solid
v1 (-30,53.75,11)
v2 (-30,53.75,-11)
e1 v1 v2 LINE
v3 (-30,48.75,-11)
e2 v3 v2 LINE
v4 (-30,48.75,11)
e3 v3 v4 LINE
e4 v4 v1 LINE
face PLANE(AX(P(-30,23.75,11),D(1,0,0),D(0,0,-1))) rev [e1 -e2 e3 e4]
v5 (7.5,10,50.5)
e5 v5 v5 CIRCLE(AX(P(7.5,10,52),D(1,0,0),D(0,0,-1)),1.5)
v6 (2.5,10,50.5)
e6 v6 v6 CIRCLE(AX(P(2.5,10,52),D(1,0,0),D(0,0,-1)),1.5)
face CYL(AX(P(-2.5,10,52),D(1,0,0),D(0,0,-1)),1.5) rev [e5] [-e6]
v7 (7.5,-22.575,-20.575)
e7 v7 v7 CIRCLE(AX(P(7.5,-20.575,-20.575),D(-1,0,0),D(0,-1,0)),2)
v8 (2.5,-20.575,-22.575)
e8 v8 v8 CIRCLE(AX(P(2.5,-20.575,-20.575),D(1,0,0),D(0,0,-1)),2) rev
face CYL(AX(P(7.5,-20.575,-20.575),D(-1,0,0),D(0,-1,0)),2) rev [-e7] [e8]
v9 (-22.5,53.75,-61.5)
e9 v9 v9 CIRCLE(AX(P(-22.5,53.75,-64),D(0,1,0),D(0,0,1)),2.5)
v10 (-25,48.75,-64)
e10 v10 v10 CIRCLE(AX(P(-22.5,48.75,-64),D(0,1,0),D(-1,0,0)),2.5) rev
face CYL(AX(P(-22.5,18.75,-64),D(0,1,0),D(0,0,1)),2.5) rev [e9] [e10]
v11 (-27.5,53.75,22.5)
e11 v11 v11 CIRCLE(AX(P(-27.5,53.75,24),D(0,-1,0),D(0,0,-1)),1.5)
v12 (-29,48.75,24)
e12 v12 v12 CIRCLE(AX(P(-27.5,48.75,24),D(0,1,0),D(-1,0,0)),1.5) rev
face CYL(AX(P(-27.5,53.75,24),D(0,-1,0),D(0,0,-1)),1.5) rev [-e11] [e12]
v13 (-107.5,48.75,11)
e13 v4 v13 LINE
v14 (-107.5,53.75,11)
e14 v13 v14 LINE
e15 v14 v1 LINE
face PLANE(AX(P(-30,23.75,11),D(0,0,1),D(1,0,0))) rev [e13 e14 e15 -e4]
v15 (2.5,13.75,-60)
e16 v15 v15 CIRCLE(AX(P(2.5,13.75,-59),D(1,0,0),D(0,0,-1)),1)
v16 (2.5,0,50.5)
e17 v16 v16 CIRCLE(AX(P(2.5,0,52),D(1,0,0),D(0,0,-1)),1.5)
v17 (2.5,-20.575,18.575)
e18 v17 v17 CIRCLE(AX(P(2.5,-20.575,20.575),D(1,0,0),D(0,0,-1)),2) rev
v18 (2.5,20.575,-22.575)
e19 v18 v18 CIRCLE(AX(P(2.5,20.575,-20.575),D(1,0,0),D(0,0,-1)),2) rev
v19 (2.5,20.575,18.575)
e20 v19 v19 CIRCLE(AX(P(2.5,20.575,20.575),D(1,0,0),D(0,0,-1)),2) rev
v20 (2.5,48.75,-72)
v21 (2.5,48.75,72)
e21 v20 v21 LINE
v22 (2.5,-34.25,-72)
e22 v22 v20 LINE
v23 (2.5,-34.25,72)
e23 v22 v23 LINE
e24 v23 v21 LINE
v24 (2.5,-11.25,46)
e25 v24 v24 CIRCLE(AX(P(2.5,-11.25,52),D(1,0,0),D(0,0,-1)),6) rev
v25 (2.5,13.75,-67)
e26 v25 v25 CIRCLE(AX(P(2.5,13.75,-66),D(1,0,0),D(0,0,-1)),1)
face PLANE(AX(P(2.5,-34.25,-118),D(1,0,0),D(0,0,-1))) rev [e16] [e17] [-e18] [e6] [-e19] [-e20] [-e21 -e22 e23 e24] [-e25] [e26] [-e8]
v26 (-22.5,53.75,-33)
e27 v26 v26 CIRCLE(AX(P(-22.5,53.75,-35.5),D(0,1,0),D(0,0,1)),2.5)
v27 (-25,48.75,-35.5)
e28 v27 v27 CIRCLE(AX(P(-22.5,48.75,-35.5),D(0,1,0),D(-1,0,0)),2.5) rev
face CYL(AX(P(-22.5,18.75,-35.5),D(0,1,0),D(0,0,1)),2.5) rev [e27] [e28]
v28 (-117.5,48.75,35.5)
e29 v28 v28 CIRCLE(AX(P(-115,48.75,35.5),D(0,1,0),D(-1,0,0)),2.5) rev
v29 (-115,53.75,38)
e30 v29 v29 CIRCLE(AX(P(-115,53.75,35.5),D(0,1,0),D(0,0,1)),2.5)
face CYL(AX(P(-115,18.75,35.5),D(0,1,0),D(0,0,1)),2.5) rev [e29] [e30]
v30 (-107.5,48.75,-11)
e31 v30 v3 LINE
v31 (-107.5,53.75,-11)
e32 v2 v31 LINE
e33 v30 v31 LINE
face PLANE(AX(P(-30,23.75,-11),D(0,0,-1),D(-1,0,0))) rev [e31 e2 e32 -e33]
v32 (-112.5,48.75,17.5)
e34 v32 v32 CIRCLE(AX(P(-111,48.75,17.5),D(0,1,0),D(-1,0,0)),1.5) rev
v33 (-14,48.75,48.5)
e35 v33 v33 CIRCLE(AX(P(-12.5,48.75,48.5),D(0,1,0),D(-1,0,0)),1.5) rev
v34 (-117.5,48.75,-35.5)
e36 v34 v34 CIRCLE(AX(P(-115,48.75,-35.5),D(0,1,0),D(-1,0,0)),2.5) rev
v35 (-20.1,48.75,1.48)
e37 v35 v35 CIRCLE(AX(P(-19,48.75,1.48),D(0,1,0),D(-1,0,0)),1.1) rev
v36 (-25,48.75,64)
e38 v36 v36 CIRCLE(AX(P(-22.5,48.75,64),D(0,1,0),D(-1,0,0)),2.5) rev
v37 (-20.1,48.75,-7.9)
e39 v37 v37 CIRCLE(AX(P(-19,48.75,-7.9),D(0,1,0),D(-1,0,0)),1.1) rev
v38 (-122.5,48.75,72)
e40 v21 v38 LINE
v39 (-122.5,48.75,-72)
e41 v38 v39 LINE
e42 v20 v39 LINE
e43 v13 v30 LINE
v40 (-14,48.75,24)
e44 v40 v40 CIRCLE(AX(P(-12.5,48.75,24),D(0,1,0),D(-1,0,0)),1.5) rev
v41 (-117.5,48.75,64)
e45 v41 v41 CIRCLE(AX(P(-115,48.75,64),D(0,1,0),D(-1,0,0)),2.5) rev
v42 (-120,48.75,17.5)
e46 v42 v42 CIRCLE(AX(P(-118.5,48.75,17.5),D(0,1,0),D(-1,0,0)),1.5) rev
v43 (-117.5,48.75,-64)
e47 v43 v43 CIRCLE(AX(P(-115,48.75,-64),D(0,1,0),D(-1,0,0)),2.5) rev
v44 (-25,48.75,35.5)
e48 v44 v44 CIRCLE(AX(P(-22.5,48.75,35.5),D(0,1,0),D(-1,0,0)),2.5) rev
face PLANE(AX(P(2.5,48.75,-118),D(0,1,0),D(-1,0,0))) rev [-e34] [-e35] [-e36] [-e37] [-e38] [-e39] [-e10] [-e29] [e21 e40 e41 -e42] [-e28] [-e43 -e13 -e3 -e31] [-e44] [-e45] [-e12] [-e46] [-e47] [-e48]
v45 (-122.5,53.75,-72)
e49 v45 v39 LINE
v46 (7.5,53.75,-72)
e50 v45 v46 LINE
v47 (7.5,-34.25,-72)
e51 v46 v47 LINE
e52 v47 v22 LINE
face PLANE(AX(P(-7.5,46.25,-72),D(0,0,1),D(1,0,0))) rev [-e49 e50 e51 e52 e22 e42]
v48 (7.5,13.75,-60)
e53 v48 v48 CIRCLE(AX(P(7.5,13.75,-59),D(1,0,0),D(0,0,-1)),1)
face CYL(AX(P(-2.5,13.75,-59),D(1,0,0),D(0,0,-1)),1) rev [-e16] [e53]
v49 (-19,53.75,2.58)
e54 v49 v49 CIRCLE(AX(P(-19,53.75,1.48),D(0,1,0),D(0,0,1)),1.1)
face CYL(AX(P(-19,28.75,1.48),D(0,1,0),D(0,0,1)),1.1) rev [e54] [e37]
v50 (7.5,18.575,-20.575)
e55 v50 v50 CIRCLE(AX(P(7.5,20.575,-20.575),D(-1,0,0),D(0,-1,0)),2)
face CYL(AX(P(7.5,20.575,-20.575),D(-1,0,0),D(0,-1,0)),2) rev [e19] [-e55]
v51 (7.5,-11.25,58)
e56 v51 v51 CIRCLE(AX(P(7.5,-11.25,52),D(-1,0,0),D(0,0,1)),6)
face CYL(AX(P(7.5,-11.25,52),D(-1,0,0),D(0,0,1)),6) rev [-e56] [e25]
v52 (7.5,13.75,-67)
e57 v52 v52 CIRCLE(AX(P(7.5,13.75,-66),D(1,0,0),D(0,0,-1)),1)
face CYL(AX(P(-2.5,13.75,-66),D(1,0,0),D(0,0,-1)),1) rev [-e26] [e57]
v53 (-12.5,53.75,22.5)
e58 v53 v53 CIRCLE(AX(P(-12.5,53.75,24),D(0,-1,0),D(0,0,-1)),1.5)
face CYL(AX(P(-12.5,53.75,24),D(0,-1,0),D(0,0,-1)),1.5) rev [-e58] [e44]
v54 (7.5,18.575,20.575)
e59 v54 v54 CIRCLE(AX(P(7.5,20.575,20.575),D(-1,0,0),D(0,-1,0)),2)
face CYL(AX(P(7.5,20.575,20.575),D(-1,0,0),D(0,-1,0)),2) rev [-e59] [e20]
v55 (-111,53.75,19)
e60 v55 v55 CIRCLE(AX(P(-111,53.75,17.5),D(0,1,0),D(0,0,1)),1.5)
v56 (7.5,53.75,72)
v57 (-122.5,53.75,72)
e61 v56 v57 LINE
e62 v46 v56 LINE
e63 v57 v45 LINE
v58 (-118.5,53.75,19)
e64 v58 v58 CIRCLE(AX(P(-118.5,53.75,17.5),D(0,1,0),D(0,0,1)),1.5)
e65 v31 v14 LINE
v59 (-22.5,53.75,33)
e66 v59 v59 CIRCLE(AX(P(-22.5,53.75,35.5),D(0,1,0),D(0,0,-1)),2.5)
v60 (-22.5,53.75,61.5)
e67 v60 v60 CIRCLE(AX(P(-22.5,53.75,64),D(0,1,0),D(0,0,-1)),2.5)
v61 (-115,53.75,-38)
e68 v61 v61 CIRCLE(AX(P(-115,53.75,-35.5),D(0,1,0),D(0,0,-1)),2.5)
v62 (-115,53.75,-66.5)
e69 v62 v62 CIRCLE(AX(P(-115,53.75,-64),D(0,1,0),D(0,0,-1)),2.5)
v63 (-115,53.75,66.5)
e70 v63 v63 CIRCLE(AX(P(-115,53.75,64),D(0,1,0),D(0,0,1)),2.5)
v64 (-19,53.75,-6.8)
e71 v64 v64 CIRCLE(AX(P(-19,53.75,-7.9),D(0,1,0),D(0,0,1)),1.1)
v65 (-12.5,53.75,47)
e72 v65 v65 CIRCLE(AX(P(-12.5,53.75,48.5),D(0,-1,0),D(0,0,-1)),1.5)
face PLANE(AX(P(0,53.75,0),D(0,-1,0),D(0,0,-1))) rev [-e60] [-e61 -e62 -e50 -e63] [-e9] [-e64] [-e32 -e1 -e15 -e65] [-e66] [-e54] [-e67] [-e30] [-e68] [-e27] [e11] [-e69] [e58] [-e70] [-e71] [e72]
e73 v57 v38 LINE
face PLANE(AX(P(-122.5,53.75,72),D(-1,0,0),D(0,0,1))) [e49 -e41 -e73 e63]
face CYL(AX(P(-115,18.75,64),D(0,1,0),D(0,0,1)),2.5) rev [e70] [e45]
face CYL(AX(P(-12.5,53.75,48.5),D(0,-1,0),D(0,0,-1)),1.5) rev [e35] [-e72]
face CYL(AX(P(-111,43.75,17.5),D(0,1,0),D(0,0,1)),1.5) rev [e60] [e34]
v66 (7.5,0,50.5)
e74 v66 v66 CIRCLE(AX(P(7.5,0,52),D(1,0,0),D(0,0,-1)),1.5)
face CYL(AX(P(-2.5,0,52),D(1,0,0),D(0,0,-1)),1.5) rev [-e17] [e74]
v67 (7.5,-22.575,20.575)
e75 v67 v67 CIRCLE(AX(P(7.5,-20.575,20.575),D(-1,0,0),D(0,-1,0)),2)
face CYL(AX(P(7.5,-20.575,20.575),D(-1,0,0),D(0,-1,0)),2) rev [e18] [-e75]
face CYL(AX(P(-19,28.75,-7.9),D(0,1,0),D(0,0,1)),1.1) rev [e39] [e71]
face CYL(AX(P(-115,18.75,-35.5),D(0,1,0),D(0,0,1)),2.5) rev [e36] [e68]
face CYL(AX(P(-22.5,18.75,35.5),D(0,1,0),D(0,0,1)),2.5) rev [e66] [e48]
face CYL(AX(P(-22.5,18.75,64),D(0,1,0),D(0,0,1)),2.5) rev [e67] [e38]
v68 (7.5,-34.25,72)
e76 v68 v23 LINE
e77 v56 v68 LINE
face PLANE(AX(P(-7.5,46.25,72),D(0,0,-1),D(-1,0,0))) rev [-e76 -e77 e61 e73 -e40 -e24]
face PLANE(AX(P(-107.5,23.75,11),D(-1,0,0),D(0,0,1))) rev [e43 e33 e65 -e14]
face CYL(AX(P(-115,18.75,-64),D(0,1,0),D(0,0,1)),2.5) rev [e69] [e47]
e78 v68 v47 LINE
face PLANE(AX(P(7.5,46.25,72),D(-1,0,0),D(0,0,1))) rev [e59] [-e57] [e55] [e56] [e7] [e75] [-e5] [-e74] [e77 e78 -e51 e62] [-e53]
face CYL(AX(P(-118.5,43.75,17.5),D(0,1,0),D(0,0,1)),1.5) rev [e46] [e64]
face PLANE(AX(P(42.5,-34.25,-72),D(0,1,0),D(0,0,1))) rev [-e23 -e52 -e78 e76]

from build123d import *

# Parameters (mm, degrees)
CROQUIS1_W              = 15
CROQUIS1_H              = 144
SALIENTE_EXTRUIR1_DEPTH = 46.25
SALIENTE_EXTRUIR2_DEPTH = 7.5
CROQUIS4_W              = 77.5
CROQUIS4_H              = 22
CORTAR_EXTRUIR2_DEPTH   = 30
CROQUIS3_R              = 6
CORTAR_EXTRUIR1_DEPTH   = 15
CROQUIS5_R              = 2.5
CORTAR_EXTRUIR4_DEPTH   = 35
CROQUIS7_R              = 1.1
CORTAR_EXTRUIR6_DEPTH   = 25
CROQUIS8_W              = 144
CROQUIS8_H              = 12
CORTAR_EXTRUIR7_DEPTH   = 50
CORTAR_EXTRUIR8_DEPTH   = 190
CROQUIS10_R             = 2
CORTAR_EXTRUIR9_DEPTH   = 10
CROQUIS12_R             = 1.5
CORTAR_EXTRUIR11_DEPTH  = 10
CROQUIS13_R             = 1.5
CORTAR_EXTRUIR12_DEPTH  = 10
CORTAR_EXTRUIR13_DEPTH  = 190
CROQUIS15_R             = 1.5
CORTAR_EXTRUIR14_DEPTH  = 10
CROQUIS16_R             = 1
CORTAR_EXTRUIR15_DEPTH  = 10


with BuildPart() as part:
    # Croquis1 → Saliente-Extruir1 (new, symmetric)
    with BuildSketch(Plane(origin=(0, 0, 0), x_dir=(1, 0, 0), z_dir=(0, 1, 0))):
        Rectangle(CROQUIS1_W, CROQUIS1_H)
    extrude(amount=SALIENTE_EXTRUIR1_DEPTH, both=True)

    # Croquis2 → Saliente-Extruir2 (add, symmetric)
    with BuildSketch(Plane.XZ.offset(-46.25)):
        Polygon((-122.5, 72), (-22.5, 72), (7.5, 72), (7.5, -72), (-22.5, -72), (-122.5, -72), align=None)
    extrude(amount=SALIENTE_EXTRUIR2_DEPTH, both=True)

    # Croquis4 → Cortar-Extruir2 (cut)
    with BuildSketch(Plane(origin=(0, 53.75, 0), x_dir=(1, 0, 0), z_dir=(0, 1, 0))):
        with Locations((-68.75, 0)):
            Rectangle(CROQUIS4_W, CROQUIS4_H)
    extrude(amount=-CORTAR_EXTRUIR2_DEPTH, mode=Mode.SUBTRACT)

    # Croquis3 → Cortar-Extruir1 (cut)
    with BuildSketch(Plane.ZY.offset(7.5)):
        with Locations((52, -11.25)):
            Circle(CROQUIS3_R)
    extrude(amount=-CORTAR_EXTRUIR1_DEPTH, mode=Mode.SUBTRACT)

    # Croquis5 → Cortar-Extruir4 (cut)
    with BuildSketch(Plane(origin=(0, 53.75, 0), x_dir=(1, 0, 0), z_dir=(0, 1, 0))):
        with Locations(Location((-115, -64, 0), (0, 0, 270))):
            Circle(CROQUIS5_R)
        with Locations(Location((-115, -35.5, 0), (0, 0, 270))):
            Circle(CROQUIS5_R)
        with Locations(Location((-22.5, -35.5, 0), (0, 0, 90))):
            Circle(CROQUIS5_R)
        with Locations(Location((-22.5, -64, 0), (0, 0, 90))):
            Circle(CROQUIS5_R)
        with Locations(Location((-22.5, 64, 0), (0, 0, 270))):
            Circle(CROQUIS5_R)
        with Locations(Location((-22.5, 35.5, 0), (0, 0, 270))):
            Circle(CROQUIS5_R)
        with Locations(Location((-115, 35.5, 0), (0, 0, 90))):
            Circle(CROQUIS5_R)
        with Locations(Location((-115, 64, 0), (0, 0, 90))):
            Circle(CROQUIS5_R)
    extrude(amount=-CORTAR_EXTRUIR4_DEPTH, mode=Mode.SUBTRACT)

    # Croquis7 → Cortar-Extruir6 (cut)
    with BuildSketch(Plane(origin=(0, 53.75, 0), x_dir=(1, 0, 0), z_dir=(0, 1, 0))):
        with Locations(Location((-19, 7.9, 0), (0, 0, 270))):
            Circle(CROQUIS7_R)
        with Locations(Location((-19, -1.48, 0), (0, 0, 270))):
            Circle(CROQUIS7_R)
    extrude(amount=-CORTAR_EXTRUIR6_DEPTH, mode=Mode.SUBTRACT)

    # Croquis8 → Cortar-Extruir7 (cut)
    with BuildSketch(Plane.ZY.offset(7.5)):
        with Locations((0, -40.25)):
            Rectangle(CROQUIS8_W, CROQUIS8_H)
    extrude(amount=-CORTAR_EXTRUIR7_DEPTH, mode=Mode.SUBTRACT)

    # Croquis9 → Cortar-Extruir8 (cut)
    with BuildSketch(Plane.XY.offset(72)):
        Polygon((-7.5, -34.25), (-7.5, 38.75), (-122.5, 38.75), (-122.5, 43.75), (-2.5, 43.75), (-2.5, -34.25), align=None)
    extrude(amount=-CORTAR_EXTRUIR8_DEPTH, mode=Mode.SUBTRACT)

    # Croquis10 → Cortar-Extruir9 (cut)
    with BuildSketch(Plane.ZY.offset(2.5)):
        with Locations(Location((-20.575, -20.575, 0), (0, 0, 270))):
            Circle(CROQUIS10_R)
        with Locations(Location((-20.575, 20.575, 0), (0, 0, 270))):
            Circle(CROQUIS10_R)
        with Locations(Location((20.575, 20.575, 0), (0, 0, 270))):
            Circle(CROQUIS10_R)
        with Locations(Location((20.575, -20.575, 0), (0, 0, 270))):
            Circle(CROQUIS10_R)
    extrude(amount=-CORTAR_EXTRUIR9_DEPTH, mode=Mode.SUBTRACT)

    # Croquis12 → Cortar-Extruir11 (cut)
    with BuildSketch(Plane.XZ.offset(-43.75)):
        with Locations(Location((-12.5, 48.5, 0), (0, 0, 270))):
            Circle(CROQUIS12_R)
        with Locations(Location((-12.5, 24, 0), (0, 0, 270))):
            Circle(CROQUIS12_R)
        with Locations(Location((-27.5, 24, 0), (0, 0, 270))):
            Circle(CROQUIS12_R)
    extrude(amount=-CORTAR_EXTRUIR11_DEPTH, mode=Mode.SUBTRACT)

    # Croquis13 → Cortar-Extruir12 (cut)
    with BuildSketch(Plane(origin=(0, 53.75, 0), x_dir=(1, 0, 0), z_dir=(0, 1, 0))):
        with Locations(Location((-111, -17.5, 0), (0, 0, 270))):
            Circle(CROQUIS13_R)
        with Locations(Location((-118.5, -17.5, 0), (0, 0, 270))):
            Circle(CROQUIS13_R)
    extrude(amount=-CORTAR_EXTRUIR12_DEPTH, mode=Mode.SUBTRACT)

    # Croquis14 → Cortar-Extruir13 (cut)
    with BuildSketch(Plane.XY.offset(72)):
        Polygon((2.5, -34.25), (2.5, 48.75), (-126.1911863, 48.75), (-126.1911863, 43.75), (-2.5, 43.75), (-2.5, -34.25), align=None)
    extrude(amount=-CORTAR_EXTRUIR13_DEPTH, mode=Mode.SUBTRACT)

    # Croquis15 → Cortar-Extruir14 (cut)
    with BuildSketch(Plane(origin=(7.5, 0, 0), x_dir=(0, 0, -1), z_dir=(1, 0, 0))):
        with Locations((-52, 0)):
            Circle(CROQUIS15_R)
        with Locations((-52, 10)):
            Circle(CROQUIS15_R)
    extrude(amount=-CORTAR_EXTRUIR14_DEPTH, mode=Mode.SUBTRACT)

    # Croquis16 → Cortar-Extruir15 (cut)
    with BuildSketch(Plane(origin=(7.5, 0, 0), x_dir=(0, 0, -1), z_dir=(1, 0, 0))):
        with Locations((59, 13.75)):
            Circle(CROQUIS16_R)
        with Locations((66, 13.75)):
            Circle(CROQUIS16_R)
    extrude(amount=-CORTAR_EXTRUIR15_DEPTH, mode=Mode.SUBTRACT)


solid = part.part
